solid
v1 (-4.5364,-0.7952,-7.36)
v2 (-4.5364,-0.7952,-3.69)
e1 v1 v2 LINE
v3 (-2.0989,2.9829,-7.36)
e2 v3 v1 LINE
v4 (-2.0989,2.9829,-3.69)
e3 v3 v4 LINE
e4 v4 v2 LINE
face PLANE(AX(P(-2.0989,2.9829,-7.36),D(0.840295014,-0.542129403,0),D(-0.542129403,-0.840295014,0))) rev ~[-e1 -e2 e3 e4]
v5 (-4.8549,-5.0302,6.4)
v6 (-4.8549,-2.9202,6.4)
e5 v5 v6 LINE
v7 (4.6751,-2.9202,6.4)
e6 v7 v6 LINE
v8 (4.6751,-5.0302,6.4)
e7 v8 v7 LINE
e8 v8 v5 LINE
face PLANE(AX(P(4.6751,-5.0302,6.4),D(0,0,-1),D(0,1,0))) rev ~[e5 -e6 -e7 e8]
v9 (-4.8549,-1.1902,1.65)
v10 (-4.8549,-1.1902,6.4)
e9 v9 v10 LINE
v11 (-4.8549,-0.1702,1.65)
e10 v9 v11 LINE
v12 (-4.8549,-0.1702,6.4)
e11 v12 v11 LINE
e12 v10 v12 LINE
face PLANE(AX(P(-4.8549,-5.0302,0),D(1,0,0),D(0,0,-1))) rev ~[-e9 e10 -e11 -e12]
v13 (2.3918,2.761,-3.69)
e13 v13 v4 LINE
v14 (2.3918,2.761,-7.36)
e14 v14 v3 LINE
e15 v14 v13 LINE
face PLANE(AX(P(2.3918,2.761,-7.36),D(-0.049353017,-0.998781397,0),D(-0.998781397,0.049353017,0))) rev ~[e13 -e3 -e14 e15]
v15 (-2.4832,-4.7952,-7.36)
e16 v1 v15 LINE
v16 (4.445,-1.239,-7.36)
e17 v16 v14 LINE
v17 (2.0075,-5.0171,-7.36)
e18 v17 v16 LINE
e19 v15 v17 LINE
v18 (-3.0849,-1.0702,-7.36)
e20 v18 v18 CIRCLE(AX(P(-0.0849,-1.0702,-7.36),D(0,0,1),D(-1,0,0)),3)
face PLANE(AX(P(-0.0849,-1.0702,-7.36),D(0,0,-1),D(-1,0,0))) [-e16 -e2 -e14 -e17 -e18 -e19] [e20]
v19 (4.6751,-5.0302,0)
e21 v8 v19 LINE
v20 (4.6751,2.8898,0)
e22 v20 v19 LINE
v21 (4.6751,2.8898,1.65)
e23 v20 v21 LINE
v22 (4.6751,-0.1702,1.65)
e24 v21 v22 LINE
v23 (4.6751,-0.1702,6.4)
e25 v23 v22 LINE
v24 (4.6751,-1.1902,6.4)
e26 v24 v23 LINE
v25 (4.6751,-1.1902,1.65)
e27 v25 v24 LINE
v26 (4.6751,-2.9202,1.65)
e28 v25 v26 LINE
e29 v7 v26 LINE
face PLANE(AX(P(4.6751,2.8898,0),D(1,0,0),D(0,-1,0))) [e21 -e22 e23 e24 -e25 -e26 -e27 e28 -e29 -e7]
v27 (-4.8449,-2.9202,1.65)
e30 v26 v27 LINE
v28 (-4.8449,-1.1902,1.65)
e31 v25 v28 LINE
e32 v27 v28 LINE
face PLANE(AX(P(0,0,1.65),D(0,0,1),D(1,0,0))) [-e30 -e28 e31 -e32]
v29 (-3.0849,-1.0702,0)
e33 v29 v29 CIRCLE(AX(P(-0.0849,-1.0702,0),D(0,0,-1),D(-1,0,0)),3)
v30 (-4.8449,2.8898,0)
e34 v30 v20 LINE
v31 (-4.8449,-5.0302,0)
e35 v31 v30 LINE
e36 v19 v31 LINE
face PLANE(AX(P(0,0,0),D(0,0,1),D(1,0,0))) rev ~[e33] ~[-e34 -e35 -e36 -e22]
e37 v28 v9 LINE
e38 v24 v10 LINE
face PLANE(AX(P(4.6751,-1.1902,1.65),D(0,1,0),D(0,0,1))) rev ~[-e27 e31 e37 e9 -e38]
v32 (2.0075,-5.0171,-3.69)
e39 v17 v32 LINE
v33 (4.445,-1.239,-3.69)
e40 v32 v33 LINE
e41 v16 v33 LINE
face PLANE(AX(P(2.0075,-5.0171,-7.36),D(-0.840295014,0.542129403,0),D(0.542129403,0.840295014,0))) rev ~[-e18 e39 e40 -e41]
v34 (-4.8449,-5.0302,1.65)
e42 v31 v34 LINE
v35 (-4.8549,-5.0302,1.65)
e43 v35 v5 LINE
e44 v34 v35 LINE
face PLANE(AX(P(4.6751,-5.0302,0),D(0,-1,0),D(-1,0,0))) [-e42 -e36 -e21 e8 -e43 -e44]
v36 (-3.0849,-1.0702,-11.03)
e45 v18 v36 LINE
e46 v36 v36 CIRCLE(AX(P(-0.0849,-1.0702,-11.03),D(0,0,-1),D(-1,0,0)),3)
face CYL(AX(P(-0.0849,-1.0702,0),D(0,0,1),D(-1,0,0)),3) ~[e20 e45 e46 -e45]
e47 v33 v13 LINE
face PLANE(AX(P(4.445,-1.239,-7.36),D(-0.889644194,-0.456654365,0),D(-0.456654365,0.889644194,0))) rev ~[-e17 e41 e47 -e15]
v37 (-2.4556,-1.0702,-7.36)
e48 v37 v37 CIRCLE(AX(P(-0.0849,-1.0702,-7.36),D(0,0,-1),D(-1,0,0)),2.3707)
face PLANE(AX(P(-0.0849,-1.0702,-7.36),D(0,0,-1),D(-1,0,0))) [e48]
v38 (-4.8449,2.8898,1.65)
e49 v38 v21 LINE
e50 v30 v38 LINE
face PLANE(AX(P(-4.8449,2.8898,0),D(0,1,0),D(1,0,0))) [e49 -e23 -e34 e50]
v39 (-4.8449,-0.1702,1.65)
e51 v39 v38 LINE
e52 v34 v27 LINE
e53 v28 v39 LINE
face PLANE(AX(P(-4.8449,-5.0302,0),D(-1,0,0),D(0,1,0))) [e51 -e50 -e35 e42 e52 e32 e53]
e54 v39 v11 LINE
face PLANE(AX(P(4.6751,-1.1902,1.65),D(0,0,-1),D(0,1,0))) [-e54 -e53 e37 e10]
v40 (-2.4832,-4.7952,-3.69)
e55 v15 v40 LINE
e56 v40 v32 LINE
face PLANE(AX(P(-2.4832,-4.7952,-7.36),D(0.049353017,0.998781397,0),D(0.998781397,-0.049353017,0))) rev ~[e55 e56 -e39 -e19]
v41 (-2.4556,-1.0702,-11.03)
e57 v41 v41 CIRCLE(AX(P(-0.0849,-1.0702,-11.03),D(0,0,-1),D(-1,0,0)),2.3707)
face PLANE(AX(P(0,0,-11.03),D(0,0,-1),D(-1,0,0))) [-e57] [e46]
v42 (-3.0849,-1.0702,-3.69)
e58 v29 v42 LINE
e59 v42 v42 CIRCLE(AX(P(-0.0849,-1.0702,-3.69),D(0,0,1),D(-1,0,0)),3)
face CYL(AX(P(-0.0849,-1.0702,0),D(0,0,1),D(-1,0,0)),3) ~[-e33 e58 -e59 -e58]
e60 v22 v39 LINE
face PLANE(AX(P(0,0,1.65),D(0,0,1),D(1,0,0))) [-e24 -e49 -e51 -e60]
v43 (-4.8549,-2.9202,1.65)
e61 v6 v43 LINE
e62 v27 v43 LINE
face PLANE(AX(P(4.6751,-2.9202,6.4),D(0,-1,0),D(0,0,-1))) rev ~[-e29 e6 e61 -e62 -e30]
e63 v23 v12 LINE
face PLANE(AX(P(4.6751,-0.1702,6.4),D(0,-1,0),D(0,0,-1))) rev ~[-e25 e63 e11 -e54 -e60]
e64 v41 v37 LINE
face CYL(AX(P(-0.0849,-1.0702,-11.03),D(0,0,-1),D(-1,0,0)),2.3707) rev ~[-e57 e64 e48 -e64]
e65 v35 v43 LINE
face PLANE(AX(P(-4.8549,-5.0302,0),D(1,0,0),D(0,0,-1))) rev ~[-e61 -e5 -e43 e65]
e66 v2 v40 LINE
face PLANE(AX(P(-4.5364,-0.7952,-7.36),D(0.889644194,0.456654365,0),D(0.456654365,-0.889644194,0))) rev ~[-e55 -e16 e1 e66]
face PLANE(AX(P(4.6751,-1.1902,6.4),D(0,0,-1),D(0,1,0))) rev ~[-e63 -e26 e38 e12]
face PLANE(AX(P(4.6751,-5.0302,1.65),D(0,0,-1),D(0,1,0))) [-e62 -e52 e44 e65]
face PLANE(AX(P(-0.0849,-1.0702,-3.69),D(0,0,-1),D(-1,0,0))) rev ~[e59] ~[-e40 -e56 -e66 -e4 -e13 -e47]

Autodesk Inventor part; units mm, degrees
ref_plane "YZ Plane" through (0, 0, 0) normal (1, 0, 0) x (0, 1, 0)
ref_plane "XZ Plane" through (0, 0, 0) normal (0, 1, 0) x (-1, 0, 0)
ref_plane "XY Plane" through (0, 0, 0) normal (0, 0, 1) x (1, 0, 0)
sketch "Sketch1" plane through (0, 0, 0) normal (0, 0, 1) x (1, 0, 0)
  line L0 (-4.8449, 2.8898) -> (4.6751, 2.8898)
  line L1 (4.6751, 2.8898) -> (4.6751, -5.0302)
  line L2 (4.6751, -5.0302) -> (-4.8449, -5.0302)
  line L3 (-4.8449, -5.0302) -> (-4.8449, 2.8898)
  point P0 (0, 0)
  dimension "d0" = 9.52
  dimension "d1" = 7.92
extrude "Extrusion1" add sketch "Sketch1" along normal blind 1.65
sketch "Sketch2" plane through (4.6751, -5.0302, 0) normal (1, 0, 0) x (0, 0, -1)
  line L0 (-1.65, 0) -> (-1.65, 7.92) projected
  line L1 (-1.65, 3.84) -> (-6.4, 3.84)
  line L2 (-6.4, 3.84) -> (-6.4, 4.86)
  line L3 (-6.4, 4.86) -> (-1.65, 4.86)
  line L4 (-1.65, 4.86) -> (-1.65, 3.84)
  line L5 (-1.65, 0) -> (-6.4, 0)
  line L6 (-6.4, 0) -> (-6.4, 2.11)
  line L7 (-6.4, 2.11) -> (-1.65, 2.11)
  line L8 (-1.65, 2.11) -> (-1.65, 0)
  point P0 (0, 5.0302)
  dimension "d4" = 1.73
  dimension "d5" = 2.11
  dimension "d6" = 1.02
  dimension "d7" = 4.75
  dimension "d8" = 4.75
extrude "Extrusion2" add sketch "Sketch2" against normal blind 9.53
sketch "Sketch3" plane through (0, 0, 0) normal (0, 0, -1) x (-1, 0, 0)
  circle A0 centre (0.0849, -1.0702) radius 3
  point P0 (0, 0)
  dimension "d11" = 6
extrude "Extrusion3" add sketch "Sketch3" along normal blind 11.03
ref_plane "Work Plane1" through (-0.0849, -1.0702, -7.36) normal (0, 0, -1) x (-1, 0, 0)
sketch "Sketch4" plane through (-0.0849, -1.0702, -7.36) normal (0, 0, -1) x (-1, 0, 0)
  line L0 (4.4515, 0.275) -> (2.3983, -3.725)
  line L1 (2.3983, -3.725) -> (-2.0924, -3.9469)
  line L2 (-2.0924, -3.9469) -> (-4.5299, -0.1688)
  line L3 (-4.5299, -0.1688) -> (-2.4767, 3.8312)
  line L4 (-2.4767, 3.8312) -> (2.014, 4.0531)
  line L5 (2.014, 4.0531) -> (4.4515, 0.275)
  point P0 (-0.0849, 1.0702)
  point P1 (-0.0392, 0.0531)
  dimension "d15" = 4
extrude "Extrusion4" add sketch "Sketch4" against normal blind 3.67
sketch "Sketch5" plane through (-0.0849, -1.0702, -11.03) normal (0, 0, -1) x (-1, 0, 0)
  circle A0 centre (0, 0) radius 3 projected
  circle A1 centre (0, 0) radius 2.3707
  point P0 (-0.0849, 1.0702)
extrude "Extrusion5" cut sketch "Sketch5" against normal blind 3.67 contours A1
properties part number "SMA_EdgeMale"
